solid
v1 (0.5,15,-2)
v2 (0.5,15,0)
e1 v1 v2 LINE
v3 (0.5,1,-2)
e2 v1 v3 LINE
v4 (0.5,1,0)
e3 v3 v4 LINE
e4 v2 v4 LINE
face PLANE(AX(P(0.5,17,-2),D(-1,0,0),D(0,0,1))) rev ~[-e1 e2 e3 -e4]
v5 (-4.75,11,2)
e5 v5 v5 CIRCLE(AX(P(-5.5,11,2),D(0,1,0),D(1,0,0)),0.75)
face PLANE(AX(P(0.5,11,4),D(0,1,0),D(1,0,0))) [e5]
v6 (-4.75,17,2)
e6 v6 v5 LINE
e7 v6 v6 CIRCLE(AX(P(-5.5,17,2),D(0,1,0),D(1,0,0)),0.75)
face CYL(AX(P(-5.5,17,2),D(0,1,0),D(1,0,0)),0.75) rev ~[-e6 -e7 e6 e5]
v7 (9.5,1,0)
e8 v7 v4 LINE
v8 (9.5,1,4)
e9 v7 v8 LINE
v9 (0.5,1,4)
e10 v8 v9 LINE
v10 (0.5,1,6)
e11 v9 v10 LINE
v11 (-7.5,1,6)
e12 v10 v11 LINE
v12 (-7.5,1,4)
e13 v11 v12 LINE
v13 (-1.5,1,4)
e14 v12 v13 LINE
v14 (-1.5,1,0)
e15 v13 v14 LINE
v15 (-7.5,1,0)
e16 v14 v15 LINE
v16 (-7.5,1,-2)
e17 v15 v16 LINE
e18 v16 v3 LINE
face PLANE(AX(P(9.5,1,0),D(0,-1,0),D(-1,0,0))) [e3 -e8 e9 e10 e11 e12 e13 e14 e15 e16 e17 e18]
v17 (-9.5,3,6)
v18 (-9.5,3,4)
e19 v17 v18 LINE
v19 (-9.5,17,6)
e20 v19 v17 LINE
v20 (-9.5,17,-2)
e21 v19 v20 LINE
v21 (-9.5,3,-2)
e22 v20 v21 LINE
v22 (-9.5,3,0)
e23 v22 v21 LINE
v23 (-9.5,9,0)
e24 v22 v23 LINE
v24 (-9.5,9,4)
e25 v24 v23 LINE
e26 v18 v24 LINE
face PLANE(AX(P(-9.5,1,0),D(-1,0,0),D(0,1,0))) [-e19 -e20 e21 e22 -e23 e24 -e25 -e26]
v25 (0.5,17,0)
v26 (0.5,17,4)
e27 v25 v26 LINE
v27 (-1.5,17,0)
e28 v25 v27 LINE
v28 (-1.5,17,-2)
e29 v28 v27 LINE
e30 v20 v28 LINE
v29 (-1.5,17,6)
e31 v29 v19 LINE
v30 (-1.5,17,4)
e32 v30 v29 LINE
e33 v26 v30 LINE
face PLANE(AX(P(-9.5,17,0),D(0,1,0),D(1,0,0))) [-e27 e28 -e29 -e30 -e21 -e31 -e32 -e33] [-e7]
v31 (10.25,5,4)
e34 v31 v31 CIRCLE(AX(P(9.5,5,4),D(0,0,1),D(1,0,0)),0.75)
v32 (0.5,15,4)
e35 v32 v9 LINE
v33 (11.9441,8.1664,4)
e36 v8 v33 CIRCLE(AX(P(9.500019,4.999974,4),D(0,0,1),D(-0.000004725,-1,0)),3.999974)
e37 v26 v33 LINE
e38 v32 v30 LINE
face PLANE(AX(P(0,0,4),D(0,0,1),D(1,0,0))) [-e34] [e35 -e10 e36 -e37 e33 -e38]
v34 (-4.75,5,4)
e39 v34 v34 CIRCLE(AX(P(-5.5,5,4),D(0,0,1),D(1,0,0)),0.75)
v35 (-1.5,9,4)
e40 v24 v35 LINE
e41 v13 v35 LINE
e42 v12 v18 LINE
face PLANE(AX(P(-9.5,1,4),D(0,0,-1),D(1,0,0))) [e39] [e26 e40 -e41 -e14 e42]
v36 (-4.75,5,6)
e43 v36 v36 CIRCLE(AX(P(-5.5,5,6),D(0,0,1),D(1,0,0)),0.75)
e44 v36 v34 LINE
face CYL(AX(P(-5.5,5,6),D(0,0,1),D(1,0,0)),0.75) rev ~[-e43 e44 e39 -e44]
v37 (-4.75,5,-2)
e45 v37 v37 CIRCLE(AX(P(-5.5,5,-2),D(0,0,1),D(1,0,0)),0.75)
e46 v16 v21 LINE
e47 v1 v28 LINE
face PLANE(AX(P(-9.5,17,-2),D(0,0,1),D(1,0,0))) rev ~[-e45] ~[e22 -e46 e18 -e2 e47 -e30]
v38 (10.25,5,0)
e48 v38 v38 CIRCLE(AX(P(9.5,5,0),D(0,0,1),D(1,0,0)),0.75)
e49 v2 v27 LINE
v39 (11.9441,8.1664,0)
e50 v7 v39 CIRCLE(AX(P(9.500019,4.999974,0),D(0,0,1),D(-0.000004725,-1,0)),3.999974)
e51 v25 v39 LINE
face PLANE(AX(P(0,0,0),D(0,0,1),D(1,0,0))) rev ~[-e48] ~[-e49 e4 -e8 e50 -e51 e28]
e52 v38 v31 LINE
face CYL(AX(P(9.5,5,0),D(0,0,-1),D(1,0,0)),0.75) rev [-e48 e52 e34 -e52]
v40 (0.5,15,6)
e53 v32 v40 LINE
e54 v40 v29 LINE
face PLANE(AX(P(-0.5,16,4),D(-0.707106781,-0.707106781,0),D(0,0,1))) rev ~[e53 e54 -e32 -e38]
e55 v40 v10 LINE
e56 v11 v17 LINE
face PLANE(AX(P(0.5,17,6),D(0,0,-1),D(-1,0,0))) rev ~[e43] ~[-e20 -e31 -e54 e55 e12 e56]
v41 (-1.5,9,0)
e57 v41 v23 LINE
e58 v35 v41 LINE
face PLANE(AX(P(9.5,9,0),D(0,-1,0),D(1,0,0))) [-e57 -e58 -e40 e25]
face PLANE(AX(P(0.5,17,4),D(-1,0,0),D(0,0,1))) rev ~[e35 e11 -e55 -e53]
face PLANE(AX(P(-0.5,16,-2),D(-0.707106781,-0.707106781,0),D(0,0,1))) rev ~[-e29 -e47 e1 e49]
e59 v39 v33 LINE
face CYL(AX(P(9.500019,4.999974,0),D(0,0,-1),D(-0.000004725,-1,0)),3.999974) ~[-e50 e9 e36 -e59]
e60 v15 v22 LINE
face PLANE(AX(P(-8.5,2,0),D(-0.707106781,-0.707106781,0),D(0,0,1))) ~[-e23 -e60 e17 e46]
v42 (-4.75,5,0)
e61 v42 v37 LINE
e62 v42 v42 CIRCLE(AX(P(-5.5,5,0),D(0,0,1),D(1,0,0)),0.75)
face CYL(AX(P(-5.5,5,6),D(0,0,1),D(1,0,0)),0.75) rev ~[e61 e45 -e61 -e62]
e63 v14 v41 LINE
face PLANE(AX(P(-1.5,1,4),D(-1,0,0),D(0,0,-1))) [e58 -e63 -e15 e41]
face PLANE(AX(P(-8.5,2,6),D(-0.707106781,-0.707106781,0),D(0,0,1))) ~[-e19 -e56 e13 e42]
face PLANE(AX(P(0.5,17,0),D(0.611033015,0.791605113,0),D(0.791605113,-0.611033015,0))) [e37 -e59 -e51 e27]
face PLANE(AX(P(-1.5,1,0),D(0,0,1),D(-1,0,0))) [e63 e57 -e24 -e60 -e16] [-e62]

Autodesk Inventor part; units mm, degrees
ref_plane "YZ Plane" through (0, 0, 0) normal (1, 0, 0) x (0, 1, 0)
ref_plane "XZ Plane" through (0, 0, 0) normal (0, 1, 0) x (-1, 0, 0)
ref_plane "XY Plane" through (0, 0, 0) normal (0, 0, 1) x (1, 0, 0)
sketch "Sketch1" plane through (0, 0, 0) normal (0, 0, 1) x (1, 0, 0)
  circle A0 centre (9.5, 5) radius 0.75
  arc A1 (9.5, 1) -> (11.9441, 8.1664) centre (9.5, 5) ccw
  circle A2 centre (9.5, 5) radius 6.5 construction
  line L0 (9.5, 5) -> (-5.5, 5) construction
  circle A3 centre (-5.5, 5) radius 0.75
  line L1 (9.5, 1) -> (-9.5, 1)
  line L2 (-9.5, 1) -> (-9.5, 9)
  line L3 (-9.5, 9) -> (-9.5, 17)
  line L4 (-9.5, 17) -> (0.5, 17)
  line L5 (0.5, 17) -> (11.9441, 8.1664)
  point P0 (0, 0)
  dimension "d0" = 8
  dimension "d1" = 13
  dimension "d4" = 1.5
  dimension "d19" = 8
  dimension "d20" = 10
  dimension "d37" = 19
  dimension "d39" = 4
extrude "Extrusion1" add sketch "Sketch1" along normal blind 4
sketch "Sketch5" plane through (-9.5, 17, 0) normal (0, 1, 0) x (1, 0, 0)
  line L0 (10, 0) -> (0, 0) projected
  line L1 (0, 0) -> (0, -4) projected
  line L2 (10, -4) -> (0, -4) projected
  line L3 (10, 0) -> (10, -4) projected
  line L4 (0, 2) -> (10, 2)
  line L5 (10, 2) -> (10, -6)
  line L6 (10, -6) -> (0, -6)
  line L7 (0, -6) -> (0, 2)
  point P0 (9.5, 0)
  dimension "d40" = 2
  dimension "d41" = 8
  dimension "d42" = 10
extrude "Extrusion5" add sketch "Sketch5" against normal blind 16 contours L0 L7 L4 L5 | L5 L6 L7 L2
sketch "Sketch6" plane through (9.5, 1, 0) normal (0, -1, 0) x (1, 0, 0)
  line L0 (-9, 6) -> (-19, 6) projected
  line L1 (-19, 6) -> (-19, -2) projected
  line L2 (-19, -2) -> (-9, -2) projected
  line L3 (-9, -2) -> (-9, 0) projected
  line L4 (-19, 4) -> (-11, 4)
  line L5 (-11, 4) -> (-11, 0)
  line L6 (-11, 0) -> (-19, 0)
  point P0 (-9.5, 0)
  dimension "d45" = 2
  dimension "d46" = 2
  dimension "d47" = 8
extrude "Extrusion6" cut sketch "Sketch6" against normal blind 8
chamfer "Chamfer5" distance 2 angle 45 4 edges at (-9.5, 1, 5) (-9.5, 1, -1) (0.5, 17, 5) (0.5, 17, -1)
sketch "Sketch7" plane through (0.5, 17, 4) normal (0, 1, 0) x (1, 0, 0)
  line L0 (-10, 6) -> (-2, 6) projected
  line L1 (0, 4) -> (0, 0) projected
  circle A0 centre (-6, 2) radius 0.75
  point P0 (-8, 6)
  point P1 (-0.5, 4)
  dimension "d53" = 1.5
  dimension "d54" = 4
  dimension "d55" = 6
extrude "Extrusion7" cut sketch "Sketch7" against normal blind 6
sketch "Sketch8" plane through (-9.5, 17, 6) normal (0, 0, 1) x (1, 0, 0)
  line L0 (0, 0) -> (0, -14) projected
  line L1 (10, -16) -> (2, -16) projected
  circle A0 centre (4, -12) radius 0.75
  point P0 (9.5, -17)
  dimension "d58" = 1.5
  dimension "d59" = 4
  dimension "d60" = 4
extrude "Extrusion8" cut sketch "Sketch8" against normal blind 8
properties part number "Finger Joint"
